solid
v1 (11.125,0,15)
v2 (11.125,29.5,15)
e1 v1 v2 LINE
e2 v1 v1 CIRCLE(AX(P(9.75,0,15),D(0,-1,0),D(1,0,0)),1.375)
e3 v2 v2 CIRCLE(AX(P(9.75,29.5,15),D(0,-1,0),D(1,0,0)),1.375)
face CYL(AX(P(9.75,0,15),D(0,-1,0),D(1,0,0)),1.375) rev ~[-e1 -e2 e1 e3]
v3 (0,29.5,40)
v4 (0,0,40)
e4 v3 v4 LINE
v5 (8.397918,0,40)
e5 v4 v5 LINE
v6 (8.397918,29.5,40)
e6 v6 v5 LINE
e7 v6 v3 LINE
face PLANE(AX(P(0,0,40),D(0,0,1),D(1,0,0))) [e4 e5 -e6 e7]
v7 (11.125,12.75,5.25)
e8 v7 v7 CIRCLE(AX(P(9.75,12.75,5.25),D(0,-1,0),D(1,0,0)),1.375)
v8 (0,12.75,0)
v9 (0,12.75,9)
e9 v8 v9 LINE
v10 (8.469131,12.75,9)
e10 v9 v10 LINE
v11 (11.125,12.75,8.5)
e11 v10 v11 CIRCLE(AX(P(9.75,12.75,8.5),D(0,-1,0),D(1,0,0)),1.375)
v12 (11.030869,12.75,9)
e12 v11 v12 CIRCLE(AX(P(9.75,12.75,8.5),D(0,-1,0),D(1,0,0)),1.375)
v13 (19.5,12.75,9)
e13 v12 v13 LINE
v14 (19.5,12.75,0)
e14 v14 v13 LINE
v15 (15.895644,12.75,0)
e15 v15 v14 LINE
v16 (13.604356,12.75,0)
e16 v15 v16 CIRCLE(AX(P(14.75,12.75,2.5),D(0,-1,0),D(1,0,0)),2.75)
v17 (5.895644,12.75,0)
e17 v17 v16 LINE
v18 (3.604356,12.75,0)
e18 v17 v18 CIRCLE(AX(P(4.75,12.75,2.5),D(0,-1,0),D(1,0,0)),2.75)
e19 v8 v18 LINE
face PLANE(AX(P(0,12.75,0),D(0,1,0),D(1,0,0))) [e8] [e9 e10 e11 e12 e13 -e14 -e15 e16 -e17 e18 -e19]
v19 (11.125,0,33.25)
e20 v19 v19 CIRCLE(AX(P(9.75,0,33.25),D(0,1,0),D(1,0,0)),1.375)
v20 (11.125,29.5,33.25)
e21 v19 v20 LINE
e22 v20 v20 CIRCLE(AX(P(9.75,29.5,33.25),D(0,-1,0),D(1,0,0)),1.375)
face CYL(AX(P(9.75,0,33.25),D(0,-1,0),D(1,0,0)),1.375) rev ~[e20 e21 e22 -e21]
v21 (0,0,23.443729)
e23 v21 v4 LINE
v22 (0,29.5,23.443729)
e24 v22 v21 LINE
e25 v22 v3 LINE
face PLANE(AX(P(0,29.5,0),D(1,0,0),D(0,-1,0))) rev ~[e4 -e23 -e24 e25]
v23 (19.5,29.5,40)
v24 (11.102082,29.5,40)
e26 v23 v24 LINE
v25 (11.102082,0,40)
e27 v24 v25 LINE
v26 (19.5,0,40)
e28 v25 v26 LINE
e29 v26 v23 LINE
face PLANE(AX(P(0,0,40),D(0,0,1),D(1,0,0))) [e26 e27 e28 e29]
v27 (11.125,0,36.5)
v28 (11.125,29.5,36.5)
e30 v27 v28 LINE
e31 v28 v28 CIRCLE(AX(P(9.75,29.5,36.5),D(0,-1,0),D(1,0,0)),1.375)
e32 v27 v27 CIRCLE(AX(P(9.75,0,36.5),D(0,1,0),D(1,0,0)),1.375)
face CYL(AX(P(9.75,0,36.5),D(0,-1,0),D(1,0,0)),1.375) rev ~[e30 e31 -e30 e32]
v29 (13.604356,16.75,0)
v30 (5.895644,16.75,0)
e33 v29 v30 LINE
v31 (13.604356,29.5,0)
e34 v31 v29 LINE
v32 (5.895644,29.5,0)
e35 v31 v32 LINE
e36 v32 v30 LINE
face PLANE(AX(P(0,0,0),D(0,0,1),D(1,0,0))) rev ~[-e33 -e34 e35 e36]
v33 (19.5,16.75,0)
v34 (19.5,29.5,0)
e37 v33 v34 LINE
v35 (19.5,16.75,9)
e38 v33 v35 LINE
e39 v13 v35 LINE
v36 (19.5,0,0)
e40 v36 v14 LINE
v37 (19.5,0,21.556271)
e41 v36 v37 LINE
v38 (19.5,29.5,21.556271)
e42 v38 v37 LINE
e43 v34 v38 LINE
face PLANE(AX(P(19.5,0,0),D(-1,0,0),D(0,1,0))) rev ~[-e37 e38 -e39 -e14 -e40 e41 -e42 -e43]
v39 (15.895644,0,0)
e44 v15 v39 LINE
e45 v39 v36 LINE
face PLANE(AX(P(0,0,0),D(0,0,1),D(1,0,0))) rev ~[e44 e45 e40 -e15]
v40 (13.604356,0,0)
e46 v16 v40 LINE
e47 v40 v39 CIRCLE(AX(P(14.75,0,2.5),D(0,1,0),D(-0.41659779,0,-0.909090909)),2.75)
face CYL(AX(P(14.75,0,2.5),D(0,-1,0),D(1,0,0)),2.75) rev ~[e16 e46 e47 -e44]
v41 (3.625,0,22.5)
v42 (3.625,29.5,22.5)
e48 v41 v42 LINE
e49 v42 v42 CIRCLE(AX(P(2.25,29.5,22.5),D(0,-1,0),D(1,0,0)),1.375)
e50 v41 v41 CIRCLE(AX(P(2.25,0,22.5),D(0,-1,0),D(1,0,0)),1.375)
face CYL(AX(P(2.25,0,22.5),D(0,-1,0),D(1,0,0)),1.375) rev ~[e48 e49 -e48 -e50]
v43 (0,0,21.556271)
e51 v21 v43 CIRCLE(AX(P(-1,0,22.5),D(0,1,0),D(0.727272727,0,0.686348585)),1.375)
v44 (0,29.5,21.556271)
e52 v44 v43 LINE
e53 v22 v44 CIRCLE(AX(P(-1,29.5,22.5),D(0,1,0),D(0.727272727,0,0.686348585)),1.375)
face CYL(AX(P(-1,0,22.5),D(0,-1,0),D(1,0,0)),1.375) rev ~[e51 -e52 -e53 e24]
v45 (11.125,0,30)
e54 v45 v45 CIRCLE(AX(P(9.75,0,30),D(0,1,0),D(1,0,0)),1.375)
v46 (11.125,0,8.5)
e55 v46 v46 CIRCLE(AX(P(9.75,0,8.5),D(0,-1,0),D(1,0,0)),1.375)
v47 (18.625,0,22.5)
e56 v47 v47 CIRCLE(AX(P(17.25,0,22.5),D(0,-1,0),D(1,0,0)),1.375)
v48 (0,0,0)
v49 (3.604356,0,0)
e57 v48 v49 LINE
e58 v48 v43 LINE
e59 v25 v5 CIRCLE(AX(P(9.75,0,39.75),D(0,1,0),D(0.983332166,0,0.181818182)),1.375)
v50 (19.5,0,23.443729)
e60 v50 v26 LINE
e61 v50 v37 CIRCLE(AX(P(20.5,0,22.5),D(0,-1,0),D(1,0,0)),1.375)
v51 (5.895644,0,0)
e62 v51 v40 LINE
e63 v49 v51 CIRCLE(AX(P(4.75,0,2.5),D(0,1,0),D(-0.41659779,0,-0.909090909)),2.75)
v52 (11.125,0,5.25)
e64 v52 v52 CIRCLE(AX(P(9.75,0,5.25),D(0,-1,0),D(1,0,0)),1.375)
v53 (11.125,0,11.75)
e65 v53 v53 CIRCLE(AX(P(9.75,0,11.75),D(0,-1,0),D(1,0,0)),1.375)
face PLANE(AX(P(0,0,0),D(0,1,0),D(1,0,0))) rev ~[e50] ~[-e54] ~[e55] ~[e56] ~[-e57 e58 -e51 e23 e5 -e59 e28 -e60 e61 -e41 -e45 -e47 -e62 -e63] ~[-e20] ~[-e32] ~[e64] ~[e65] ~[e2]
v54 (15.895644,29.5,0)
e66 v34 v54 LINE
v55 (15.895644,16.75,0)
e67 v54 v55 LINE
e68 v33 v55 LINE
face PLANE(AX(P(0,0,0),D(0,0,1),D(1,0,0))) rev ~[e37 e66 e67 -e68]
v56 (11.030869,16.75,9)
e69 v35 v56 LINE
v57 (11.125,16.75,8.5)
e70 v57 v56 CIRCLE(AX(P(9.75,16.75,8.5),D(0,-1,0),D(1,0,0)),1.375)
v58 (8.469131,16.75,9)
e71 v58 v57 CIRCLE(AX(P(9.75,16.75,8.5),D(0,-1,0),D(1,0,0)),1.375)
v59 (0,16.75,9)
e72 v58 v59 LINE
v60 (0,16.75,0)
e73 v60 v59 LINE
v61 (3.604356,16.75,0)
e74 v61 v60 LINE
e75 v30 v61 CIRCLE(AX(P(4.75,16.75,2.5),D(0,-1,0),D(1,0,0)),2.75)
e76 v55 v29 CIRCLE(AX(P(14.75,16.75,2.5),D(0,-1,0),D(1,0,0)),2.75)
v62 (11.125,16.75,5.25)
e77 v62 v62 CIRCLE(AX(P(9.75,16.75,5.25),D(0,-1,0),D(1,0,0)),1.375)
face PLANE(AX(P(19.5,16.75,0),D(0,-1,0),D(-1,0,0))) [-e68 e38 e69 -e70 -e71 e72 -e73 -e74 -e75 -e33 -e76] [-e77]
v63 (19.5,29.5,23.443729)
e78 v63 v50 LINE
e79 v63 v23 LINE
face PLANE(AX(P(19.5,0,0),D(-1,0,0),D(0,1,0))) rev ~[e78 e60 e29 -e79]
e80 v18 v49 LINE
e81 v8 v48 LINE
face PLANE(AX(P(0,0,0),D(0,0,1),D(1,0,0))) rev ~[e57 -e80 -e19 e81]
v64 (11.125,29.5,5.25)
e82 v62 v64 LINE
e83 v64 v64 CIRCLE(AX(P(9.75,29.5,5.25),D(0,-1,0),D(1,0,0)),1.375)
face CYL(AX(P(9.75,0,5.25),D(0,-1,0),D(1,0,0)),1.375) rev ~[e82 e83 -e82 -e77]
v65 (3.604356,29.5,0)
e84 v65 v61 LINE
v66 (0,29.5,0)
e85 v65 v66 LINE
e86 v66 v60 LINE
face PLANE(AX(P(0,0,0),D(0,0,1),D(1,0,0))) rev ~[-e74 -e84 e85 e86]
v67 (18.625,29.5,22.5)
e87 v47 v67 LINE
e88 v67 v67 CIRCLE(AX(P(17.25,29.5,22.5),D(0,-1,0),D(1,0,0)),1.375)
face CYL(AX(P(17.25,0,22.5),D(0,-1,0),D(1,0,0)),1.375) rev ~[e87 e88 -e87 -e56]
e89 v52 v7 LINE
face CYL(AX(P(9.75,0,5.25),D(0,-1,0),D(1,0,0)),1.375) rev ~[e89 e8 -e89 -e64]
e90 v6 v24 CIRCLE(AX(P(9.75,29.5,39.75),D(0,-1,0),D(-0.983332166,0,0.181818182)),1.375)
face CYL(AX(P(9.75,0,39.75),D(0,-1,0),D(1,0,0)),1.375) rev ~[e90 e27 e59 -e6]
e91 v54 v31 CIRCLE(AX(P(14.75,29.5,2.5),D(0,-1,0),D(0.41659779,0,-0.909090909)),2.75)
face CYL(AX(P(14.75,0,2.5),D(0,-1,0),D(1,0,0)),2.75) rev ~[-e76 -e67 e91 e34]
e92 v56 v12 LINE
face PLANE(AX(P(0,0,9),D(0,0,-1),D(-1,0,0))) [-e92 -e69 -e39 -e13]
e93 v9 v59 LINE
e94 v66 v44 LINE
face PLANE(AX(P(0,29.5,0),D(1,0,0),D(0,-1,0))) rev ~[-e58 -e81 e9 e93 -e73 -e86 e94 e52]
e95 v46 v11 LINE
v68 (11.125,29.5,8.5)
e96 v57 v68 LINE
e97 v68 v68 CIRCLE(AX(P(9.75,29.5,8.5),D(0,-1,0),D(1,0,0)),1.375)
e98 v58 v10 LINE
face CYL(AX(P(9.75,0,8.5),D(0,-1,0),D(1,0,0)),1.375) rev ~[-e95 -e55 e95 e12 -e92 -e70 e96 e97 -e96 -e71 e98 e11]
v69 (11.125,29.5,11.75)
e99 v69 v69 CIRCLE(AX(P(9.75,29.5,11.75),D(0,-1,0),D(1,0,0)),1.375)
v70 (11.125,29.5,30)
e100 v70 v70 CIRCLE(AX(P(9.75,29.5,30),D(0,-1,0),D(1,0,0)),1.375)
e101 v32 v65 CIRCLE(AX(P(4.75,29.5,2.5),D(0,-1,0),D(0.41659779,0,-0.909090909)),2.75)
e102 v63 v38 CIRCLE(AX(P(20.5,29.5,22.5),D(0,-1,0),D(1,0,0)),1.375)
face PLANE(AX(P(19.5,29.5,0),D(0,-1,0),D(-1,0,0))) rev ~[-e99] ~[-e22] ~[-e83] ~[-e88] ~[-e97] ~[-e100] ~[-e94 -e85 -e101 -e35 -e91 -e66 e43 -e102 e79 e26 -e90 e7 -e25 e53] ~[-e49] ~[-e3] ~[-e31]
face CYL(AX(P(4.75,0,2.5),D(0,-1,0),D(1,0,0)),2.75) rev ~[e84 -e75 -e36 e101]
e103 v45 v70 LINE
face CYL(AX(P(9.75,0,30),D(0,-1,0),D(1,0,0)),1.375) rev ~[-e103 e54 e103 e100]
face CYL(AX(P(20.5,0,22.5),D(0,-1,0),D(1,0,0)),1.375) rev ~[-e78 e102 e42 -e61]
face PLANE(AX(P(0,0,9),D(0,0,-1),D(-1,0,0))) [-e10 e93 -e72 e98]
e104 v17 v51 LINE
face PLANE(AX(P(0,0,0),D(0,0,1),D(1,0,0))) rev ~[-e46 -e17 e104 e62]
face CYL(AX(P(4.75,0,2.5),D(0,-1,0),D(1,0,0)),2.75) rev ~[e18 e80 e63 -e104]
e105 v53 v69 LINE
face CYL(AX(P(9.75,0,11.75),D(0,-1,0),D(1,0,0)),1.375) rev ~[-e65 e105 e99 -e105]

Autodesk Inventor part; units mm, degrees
ref_plane "YZ Plane" through (0, 0, 0) normal (1, 0, 0) x (0, 1, 0)
ref_plane "XZ Plane" through (0, 0, 0) normal (0, 1, 0) x (-1, 0, 0)
ref_plane "XY Plane" through (0, 0, 0) normal (0, 0, 1) x (1, 0, 0)
sketch "Sketch1" plane through (0, 0, 0) normal (0, 0, 1) x (1, 0, 0)
  line L0 (0, 0) -> (19.5, 0)
  line L1 (19.5, 0) -> (19.5, 29.5)
  line L2 (19.5, 29.5) -> (0, 29.5)
  line L3 (0, 29.5) -> (0, 0)
  dimension "d0" = 19.5
  dimension "d1" = 29.5
extrude "Extrusion1" add sketch "Sketch1" along normal blind 40
sketch "Sketch2" plane through (0, 0, 0) normal (0, -1, 0) x (1, 0, 0)
  line L0 (0, 0) -> (19.5, 0) projected
  line L1 (9.75, 0) -> (9.75, 2.5)
  line L2 (9.75, 2.5) -> (14.75, 2.5)
  line L3 (14.75, 2.5) -> (4.75, 2.5)
  circle A0 centre (4.75, 2.5) radius 2.75
  circle A1 centre (14.75, 2.5) radius 2.75
  dimension "d4" = 2.5
  dimension "d5" = 5
  dimension "d6" = 10
  dimension "d7" = 5.5
  dimension "d8" = 5.5
extrude "Extrusion2" cut sketch "Sketch2" against normal through all contours A0 L0 | L0 A0 | A1 L0 | L0 A1
sketch "Sketch3" plane through (0, 0, 0) normal (0, 0, -1) x (-1, 0, 0)
  line L0 (0, 29.5) -> (0, 0) projected
  line L1 (0, 14.75) -> (-19.5, 14.75)
  line L2 (-19.5, 0) -> (-19.5, 29.5) projected
  line L3 (-19.5, 14.75) -> (-19.5, 12.75)
  line L4 (-19.5, 12.75) -> (-19.5, 16.75)
  line L5 (-19.5, 16.75) -> (0, 16.75)
  line L6 (0, 16.75) -> (0, 12.75)
  line L7 (0, 12.75) -> (-19.5, 12.75)
  dimension "d11" = 2
  dimension "d12" = 4
extrude "Extrusion3" cut sketch "Sketch3" against normal blind 9
sketch "Sketch4" plane through (0, 0, 40) normal (0, -1, 0) x (1, 0, 0)
  line L0 (19.5, 0) -> (0, 0) projected
  line L1 (9.75, 0) -> (9.75, -17.5)
  line L2 (9.75, -17.5) -> (9.75, -10)
  circle A0 centre (9.75, -10) radius 1.375
  circle A1 centre (9.75, -6.75) radius 1.375
  circle A2 centre (9.75, -3.5) radius 1.375
  circle A3 centre (9.75, -0.25) radius 1.375
  circle A4 centre (2.25, -17.5) radius 1.375
  circle A5 centre (-1, -17.5) radius 1.375
  circle A6 centre (-4.25, -17.5) radius 1.375
  circle A7 centre (-7.5, -17.5) radius 1.375
  circle A8 centre (9.75, -25) radius 1.375
  circle A9 centre (9.75, -28.25) radius 1.375
  circle A10 centre (9.75, -31.5) radius 1.375
  circle A11 centre (9.75, -34.75) radius 1.375
  circle A12 centre (17.25, -17.5) radius 1.375
  circle A13 centre (20.5, -17.5) radius 1.375
  circle A14 centre (23.75, -17.5) radius 1.375
  circle A15 centre (27, -17.5) radius 1.375
  point P0 (0, -40)
  dimension "d15" = 17.5
  dimension "d16" = 7.5
  dimension "d17" = 2.75
  dimension "d20" = 3.25
  dimension "d27" = 360
extrude "Extrusion4" cut sketch "Sketch4" against normal through all
properties part number "wirst fix"
